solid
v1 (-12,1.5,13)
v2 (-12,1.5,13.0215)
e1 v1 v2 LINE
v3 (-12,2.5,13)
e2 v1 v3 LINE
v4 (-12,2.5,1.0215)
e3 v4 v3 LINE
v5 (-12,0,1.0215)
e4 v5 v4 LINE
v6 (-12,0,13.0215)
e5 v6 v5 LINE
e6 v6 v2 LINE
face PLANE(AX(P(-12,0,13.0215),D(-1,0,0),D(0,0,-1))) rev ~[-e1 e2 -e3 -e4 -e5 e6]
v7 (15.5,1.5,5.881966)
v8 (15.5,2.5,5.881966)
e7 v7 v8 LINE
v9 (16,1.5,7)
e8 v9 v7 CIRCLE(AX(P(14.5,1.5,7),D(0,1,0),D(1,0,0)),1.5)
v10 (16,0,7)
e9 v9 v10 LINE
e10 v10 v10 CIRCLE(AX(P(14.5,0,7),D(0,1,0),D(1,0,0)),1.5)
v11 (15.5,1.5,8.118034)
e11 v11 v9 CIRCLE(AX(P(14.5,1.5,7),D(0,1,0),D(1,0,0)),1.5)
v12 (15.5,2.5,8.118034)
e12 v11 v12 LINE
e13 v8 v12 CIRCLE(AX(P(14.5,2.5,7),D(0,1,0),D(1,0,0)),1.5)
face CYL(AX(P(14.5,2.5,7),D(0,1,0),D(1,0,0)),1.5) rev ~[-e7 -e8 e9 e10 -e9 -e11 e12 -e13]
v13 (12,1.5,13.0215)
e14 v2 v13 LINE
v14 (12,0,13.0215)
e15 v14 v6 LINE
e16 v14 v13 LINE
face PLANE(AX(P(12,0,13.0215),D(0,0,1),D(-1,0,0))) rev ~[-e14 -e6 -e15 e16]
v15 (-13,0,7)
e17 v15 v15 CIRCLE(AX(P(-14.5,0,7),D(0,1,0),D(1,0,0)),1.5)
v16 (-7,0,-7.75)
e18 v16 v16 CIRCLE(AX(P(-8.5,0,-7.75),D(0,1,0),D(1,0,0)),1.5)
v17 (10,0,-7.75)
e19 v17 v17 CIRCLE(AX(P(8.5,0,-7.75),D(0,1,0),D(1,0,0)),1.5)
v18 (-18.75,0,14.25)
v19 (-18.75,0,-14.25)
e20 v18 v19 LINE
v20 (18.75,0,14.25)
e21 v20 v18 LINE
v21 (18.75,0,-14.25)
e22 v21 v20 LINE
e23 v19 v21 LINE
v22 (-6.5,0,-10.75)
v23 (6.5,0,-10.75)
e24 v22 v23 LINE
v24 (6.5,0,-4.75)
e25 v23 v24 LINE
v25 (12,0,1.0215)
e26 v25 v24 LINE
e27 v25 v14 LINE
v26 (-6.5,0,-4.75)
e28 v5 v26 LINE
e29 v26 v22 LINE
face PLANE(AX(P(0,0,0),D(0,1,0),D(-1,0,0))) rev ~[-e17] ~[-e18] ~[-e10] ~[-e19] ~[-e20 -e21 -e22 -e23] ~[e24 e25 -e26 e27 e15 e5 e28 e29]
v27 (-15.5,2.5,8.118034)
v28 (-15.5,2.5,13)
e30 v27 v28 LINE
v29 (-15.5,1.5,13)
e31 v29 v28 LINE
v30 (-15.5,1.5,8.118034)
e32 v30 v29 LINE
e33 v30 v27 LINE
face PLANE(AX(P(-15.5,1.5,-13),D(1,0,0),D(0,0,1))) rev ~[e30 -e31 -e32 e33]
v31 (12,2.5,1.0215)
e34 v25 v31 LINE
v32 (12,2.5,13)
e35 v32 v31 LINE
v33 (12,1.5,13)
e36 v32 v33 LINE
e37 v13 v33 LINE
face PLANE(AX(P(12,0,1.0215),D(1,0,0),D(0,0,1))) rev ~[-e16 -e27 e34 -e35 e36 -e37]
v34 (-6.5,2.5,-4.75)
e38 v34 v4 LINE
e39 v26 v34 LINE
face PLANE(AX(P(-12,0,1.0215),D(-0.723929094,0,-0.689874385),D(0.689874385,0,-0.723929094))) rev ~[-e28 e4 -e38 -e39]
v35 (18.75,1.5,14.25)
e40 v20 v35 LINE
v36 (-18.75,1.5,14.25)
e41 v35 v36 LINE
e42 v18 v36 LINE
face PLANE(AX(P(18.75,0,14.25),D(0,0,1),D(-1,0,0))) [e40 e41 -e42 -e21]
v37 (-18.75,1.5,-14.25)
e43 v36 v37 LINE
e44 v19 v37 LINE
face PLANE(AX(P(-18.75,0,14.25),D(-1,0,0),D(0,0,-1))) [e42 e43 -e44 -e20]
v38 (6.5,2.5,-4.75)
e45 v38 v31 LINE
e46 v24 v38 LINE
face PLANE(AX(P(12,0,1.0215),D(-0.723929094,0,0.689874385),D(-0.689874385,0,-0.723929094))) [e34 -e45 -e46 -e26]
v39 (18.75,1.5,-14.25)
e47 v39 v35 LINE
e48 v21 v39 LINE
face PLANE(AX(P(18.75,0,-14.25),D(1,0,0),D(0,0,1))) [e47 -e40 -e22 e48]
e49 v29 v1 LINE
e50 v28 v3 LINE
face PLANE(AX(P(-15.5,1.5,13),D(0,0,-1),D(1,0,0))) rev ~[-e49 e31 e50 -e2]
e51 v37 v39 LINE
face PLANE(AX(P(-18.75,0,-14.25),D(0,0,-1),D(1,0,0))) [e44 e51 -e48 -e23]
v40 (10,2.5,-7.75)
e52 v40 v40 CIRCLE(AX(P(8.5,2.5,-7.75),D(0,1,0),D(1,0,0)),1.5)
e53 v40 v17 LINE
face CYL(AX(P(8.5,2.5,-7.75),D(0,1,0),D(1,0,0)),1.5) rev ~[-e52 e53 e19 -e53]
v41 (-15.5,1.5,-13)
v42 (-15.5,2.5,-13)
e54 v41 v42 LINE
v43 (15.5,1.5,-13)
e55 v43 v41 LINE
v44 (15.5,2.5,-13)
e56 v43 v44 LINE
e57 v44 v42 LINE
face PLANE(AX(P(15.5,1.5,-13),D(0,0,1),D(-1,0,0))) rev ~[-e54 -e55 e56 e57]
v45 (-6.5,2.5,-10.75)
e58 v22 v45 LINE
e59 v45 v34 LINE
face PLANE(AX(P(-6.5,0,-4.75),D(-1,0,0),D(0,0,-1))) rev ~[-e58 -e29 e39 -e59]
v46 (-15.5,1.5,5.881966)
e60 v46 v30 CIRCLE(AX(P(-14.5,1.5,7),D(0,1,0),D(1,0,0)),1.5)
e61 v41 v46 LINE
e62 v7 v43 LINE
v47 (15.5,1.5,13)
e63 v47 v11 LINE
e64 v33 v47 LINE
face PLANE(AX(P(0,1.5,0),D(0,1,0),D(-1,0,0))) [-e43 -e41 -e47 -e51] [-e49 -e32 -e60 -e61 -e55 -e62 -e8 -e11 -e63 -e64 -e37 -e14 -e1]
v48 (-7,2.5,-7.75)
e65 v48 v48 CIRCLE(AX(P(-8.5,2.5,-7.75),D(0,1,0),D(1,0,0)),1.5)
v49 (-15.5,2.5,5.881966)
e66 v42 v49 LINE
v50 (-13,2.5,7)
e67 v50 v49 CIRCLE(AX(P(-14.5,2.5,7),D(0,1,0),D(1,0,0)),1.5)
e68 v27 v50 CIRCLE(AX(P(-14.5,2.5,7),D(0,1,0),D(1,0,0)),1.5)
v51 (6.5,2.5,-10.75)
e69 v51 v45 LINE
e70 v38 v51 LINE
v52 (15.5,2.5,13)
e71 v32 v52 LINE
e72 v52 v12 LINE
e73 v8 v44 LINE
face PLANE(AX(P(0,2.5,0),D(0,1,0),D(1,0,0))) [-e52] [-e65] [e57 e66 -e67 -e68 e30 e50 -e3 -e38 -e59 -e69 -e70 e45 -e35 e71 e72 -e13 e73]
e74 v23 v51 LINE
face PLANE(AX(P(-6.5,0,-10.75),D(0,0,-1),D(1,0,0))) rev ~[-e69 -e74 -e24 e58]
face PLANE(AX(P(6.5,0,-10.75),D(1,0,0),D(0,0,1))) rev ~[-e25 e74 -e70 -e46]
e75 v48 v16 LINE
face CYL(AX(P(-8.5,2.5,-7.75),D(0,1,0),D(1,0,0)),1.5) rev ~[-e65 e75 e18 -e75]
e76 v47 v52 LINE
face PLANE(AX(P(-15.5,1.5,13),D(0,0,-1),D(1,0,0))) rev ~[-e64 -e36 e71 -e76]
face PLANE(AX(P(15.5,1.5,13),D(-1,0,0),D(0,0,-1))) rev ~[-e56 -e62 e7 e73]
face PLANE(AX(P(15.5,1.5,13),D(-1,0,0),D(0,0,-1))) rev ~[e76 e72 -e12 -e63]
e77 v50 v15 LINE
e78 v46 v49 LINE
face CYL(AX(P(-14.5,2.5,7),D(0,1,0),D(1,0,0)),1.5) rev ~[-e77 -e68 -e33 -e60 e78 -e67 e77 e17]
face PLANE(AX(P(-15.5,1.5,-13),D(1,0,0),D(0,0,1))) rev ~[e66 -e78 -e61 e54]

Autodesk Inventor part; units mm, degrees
ref_plane "YZ Plane" through (0, 0, 0) normal (1, 0, 0) x (0, 1, 0)
ref_plane "XZ Plane" through (0, 0, 0) normal (0, 1, 0) x (-1, 0, 0)
ref_plane "XY Plane" through (0, 0, 0) normal (0, 0, 1) x (1, 0, 0)
sketch "Sketch1" plane through (0, 0, 0) normal (0, 1, 0) x (-1, 0, 0)
  line L0 (15.5, 13) -> (-15.5, 13)
  line L1 (-15.5, 13) -> (-15.5, -13)
  line L2 (-15.5, -13) -> (15.5, -13)
  line L3 (15.5, -13) -> (15.5, 13)
  line L4 (15.5, 13) -> (-15.5, -13) construction
  line L5 (-15.5, 13) -> (15.5, -13) construction
  line L6 (18.75, -14.25) -> (-18.75, -14.25)
  line L7 (-18.75, -14.25) -> (-18.75, 14.25)
  line L8 (-18.75, 14.25) -> (18.75, 14.25)
  line L9 (18.75, 14.25) -> (18.75, -14.25)
  line L10 (18.75, -14.25) -> (-18.75, 14.25) construction
  line L11 (-18.75, -14.25) -> (18.75, 14.25) construction
  point P0 (0, 0)
  dimension "d0" = 31
  dimension "d1" = 26
  dimension "d16" = 37.5
  dimension "d17" = 28.5
extrude "Extrusion2" add sketch "Sketch1" along normal blind 1.5 contours L3 L2 L1 L0 | L6 L7 L8 L9
sketch "Sketch2" plane through (0, 1.5, 0) normal (0, 1, 0) x (1, 0, 0)
  line L0 (15.5, 13) -> (-15.5, 13) projected
  line L1 (-15.5, -13) -> (15.5, -13) projected
  line L2 (-18.75, -14.25) -> (18.75, -14.25) projected
  line L3 (18.75, -14.25) -> (18.75, 14.25) projected
  line L4 (18.75, 14.25) -> (-18.75, 14.25) projected
  line L5 (-18.75, 14.25) -> (-18.75, -14.25) projected
  line L6 (15.5, -13) -> (15.5, 13) projected
  line L7 (-15.5, 13) -> (-15.5, -13) projected
  point P0 (0, 0)
extrude "Extrusion4" add sketch "Sketch2" along normal blind 1 contours L6 L1 L7 L0
sketch "Sketch3" plane through (0, 2.5, 0) normal (0, 1, 0) x (1, 0, 0)
  circle A0 centre (-14.5, -7) radius 1.5
  circle A1 centre (14.5, -7) radius 1.5
  circle A2 centre (-8.5, 7.75) radius 1.5
  circle A3 centre (8.5, 7.75) radius 1.5
  line L0 (0, -13.0822) -> (0, 13.0822)
  line L1 (-15.5, -13) -> (15.5, -13) projected
  line L2 (15.5, 13) -> (-15.5, 13) projected
  line L3 (8, -11.5) -> (-8, -11.5)
  line L4 (-8, -11.5) -> (-8, -2.5)
  line L5 (-8, -2.5) -> (8, -2.5)
  line L6 (8, -2.5) -> (8, -11.5)
  line L7 (8, -11.5) -> (-8, -2.5) construction
  line L8 (-8, -11.5) -> (8, -2.5) construction
  line L9 (4.5, 6) -> (-4.5, 6)
  line L10 (-4.5, 6) -> (-4.5, 9.5)
  line L11 (-4.5, 9.5) -> (4.5, 9.5)
  line L12 (4.5, 9.5) -> (4.5, 6)
  line L13 (4.5, 6) -> (-4.5, 9.5) construction
  line L14 (-4.5, 6) -> (4.5, 9.5) construction
  point P0 (0, 0)
  point P1 (0, -7)
  point P2 (0, 7.75)
  dimension "d25" = 3
  dimension "d26" = 3
  dimension "d27" = 3
  dimension "d28" = 3
  dimension "d29" = 8.5
  dimension "d30" = 8.5
  dimension "d31" = 14.5
  dimension "d32" = 14.5
  dimension "d33" = 6
  dimension "d34" = 6
  dimension "d35" = 5.25
  dimension "d36" = 5.25
  dimension "d37" = 16
  dimension "d38" = 9
  dimension "d39" = 9
  dimension "d40" = 3.5
extrude "Extrusion5" cut sketch "Sketch3" against normal up to surface (2.5 mm away)
sketch "Sketch4" plane through (0, 0, 0) normal (0, -1, 0) x (1, 0, 0)
  line L0 (-15.5, 13) -> (15.5, 13) projected
  line L1 (15.5, 13) -> (15.5, -13) projected
  line L2 (-15.5, -13) -> (-15.5, 13) projected
  line L3 (15.5, -13) -> (-15.5, -13) projected
  point P0 (0, 0)
sketch "Sketch5" plane through (0, 0, 0) normal (0, -1, 0) x (1, 0, 0)
  line L0 (12, 13.0215) -> (-12, 13.0215)
  line L1 (-12, 13.0215) -> (-12, 1.0215)
  line L2 (-12, 1.0215) -> (12, 1.0215)
  line L3 (12, 1.0215) -> (12, 13.0215)
  line L4 (12, 13.0215) -> (-12, 1.0215) construction
  line L5 (-12, 13.0215) -> (12, 1.0215) construction
  line L6 (6.5, -4.75) -> (-6.5, -4.75)
  line L7 (-6.5, -4.75) -> (-6.5, -10.75)
  line L8 (-6.5, -10.75) -> (6.5, -10.75)
  line L9 (6.5, -10.75) -> (6.5, -4.75)
  line L10 (6.5, -4.75) -> (-6.5, -10.75) construction
  line L11 (-6.5, -4.75) -> (6.5, -10.75) construction
  line L12 (12, 1.0215) -> (6.5, -4.75)
  line L13 (-12, 1.0215) -> (-6.5, -4.75)
  point P0 (0, 0)
  point P1 (0, -7.75)
  point P2 (0, 7.0215)
  dimension "d43" = 24
  dimension "d44" = 12
  dimension "d45" = 13
  dimension "d46" = 6
extrude "Extrusion6" cut sketch "Sketch5" against normal blind 10
equation "\"d30\" = d29"
equation "\"d32\" = d31"
equation "\"d34\" = d33"
equation "\"d36\" = d35"
properties part number "USB outer clamp plate_3DPrint"
